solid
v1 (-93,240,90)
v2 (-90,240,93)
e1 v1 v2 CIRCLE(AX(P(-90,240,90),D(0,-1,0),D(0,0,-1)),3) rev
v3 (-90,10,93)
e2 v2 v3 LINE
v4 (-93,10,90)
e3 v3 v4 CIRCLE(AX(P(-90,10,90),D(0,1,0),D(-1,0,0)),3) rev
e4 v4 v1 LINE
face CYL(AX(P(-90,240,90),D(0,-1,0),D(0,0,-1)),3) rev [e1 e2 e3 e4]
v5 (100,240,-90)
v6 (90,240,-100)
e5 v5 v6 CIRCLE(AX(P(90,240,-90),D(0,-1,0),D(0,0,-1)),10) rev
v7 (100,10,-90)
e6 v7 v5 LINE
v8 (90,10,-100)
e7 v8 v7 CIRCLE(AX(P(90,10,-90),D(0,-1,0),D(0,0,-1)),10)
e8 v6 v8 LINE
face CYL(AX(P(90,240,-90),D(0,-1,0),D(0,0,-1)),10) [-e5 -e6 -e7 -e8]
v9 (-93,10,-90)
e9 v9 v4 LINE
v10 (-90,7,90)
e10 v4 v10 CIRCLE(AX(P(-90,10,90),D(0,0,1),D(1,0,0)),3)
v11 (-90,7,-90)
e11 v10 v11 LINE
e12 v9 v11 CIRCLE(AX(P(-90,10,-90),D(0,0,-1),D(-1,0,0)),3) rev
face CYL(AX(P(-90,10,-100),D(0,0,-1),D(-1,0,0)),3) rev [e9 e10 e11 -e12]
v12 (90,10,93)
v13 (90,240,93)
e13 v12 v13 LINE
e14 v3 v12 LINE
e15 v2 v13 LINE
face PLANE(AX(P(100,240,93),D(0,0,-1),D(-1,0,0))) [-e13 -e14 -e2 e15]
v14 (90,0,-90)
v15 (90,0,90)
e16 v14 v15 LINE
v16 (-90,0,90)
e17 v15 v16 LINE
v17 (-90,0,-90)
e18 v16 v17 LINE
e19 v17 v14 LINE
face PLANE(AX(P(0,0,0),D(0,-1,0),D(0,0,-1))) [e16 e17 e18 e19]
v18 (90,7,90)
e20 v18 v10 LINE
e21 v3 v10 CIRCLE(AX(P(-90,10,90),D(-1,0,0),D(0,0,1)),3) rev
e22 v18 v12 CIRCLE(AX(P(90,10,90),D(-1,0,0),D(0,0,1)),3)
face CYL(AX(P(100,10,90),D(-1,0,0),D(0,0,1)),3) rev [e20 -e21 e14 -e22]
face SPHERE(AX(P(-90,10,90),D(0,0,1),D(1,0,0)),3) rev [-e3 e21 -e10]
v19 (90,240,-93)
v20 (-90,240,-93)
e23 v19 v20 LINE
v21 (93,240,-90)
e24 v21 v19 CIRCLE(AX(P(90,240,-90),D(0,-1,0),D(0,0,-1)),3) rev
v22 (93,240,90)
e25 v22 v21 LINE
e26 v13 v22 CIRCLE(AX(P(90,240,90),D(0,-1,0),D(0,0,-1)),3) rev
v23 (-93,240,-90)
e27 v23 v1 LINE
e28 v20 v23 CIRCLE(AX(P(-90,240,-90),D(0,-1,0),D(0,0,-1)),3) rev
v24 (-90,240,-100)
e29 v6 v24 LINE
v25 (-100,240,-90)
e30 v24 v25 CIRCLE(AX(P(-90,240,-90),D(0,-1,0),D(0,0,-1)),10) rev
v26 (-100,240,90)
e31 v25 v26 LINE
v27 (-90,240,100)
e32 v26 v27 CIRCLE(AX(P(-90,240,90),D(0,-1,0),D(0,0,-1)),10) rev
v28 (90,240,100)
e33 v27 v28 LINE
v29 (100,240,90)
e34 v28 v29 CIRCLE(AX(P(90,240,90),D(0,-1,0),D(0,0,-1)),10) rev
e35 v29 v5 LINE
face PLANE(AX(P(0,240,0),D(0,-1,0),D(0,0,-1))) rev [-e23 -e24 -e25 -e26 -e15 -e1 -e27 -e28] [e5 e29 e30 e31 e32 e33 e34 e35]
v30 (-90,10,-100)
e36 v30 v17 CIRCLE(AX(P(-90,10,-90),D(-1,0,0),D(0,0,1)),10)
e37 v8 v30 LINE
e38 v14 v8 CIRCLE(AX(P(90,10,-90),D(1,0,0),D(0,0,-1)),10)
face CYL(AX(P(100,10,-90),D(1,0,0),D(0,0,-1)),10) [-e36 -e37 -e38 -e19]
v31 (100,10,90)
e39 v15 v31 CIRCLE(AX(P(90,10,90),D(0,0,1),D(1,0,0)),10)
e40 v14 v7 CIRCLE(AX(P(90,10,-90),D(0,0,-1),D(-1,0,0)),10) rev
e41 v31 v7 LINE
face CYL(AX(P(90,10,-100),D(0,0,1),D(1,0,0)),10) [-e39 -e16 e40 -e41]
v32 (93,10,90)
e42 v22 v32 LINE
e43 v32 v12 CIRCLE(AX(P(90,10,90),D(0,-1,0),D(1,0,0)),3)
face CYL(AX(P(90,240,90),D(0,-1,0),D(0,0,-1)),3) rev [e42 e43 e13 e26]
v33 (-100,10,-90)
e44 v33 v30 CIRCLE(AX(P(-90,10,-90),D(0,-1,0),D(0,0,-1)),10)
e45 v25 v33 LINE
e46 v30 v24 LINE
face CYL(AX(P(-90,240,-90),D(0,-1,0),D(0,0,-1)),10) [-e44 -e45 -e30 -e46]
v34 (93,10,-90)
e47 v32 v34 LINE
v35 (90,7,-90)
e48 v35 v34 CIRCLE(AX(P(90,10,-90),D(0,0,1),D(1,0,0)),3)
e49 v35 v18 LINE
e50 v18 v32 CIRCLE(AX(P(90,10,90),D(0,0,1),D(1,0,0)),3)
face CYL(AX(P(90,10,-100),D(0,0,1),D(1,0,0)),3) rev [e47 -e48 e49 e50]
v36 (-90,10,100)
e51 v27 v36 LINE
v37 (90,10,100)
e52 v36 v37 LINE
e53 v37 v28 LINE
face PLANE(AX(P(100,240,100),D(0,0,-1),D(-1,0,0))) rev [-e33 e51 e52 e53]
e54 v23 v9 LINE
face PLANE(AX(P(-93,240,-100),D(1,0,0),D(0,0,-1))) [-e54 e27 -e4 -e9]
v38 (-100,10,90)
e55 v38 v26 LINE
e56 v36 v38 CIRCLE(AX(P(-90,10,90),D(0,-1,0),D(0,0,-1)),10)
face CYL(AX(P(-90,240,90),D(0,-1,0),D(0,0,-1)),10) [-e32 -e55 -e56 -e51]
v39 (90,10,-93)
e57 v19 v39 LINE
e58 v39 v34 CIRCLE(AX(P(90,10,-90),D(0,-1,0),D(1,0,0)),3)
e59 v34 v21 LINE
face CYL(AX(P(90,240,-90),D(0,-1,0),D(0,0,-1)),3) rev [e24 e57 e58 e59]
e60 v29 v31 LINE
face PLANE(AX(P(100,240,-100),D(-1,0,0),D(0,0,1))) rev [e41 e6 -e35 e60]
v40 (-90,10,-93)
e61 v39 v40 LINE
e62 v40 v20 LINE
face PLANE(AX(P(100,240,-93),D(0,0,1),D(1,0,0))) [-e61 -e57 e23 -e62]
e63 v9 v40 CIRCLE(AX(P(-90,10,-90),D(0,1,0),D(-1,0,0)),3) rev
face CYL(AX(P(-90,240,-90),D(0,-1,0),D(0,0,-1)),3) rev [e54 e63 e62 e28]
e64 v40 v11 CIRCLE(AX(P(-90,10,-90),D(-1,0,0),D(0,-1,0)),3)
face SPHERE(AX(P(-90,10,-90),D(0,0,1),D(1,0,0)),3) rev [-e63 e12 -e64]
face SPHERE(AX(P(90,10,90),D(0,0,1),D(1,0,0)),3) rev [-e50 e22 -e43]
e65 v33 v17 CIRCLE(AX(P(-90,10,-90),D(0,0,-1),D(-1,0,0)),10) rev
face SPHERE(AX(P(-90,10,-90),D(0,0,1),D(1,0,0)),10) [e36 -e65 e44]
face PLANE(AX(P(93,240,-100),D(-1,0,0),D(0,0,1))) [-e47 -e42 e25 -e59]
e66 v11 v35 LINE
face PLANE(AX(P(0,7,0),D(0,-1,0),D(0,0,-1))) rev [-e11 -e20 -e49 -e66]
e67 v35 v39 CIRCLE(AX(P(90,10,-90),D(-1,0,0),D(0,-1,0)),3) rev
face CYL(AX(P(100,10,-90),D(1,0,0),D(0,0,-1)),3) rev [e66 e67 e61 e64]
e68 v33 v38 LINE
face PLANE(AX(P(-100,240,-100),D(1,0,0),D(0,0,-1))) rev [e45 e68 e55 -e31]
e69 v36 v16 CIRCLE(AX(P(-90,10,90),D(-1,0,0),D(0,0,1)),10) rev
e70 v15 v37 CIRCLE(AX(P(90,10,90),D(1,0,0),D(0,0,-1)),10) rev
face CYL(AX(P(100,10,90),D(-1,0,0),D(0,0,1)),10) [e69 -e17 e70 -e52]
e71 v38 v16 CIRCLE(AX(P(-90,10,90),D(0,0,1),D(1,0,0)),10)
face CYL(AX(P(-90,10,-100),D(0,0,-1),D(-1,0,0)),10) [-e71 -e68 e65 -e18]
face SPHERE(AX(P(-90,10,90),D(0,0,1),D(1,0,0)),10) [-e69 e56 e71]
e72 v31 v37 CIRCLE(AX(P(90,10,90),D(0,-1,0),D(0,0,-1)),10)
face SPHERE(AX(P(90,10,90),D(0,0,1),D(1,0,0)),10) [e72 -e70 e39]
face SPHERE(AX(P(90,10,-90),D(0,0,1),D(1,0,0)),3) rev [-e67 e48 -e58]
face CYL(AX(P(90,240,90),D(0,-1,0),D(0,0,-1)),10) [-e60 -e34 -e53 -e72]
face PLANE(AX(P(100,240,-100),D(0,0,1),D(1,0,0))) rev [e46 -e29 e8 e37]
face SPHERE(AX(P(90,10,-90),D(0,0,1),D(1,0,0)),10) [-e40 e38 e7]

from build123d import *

# Parameters (mm, degrees)
SKETCH1_W           = 200
SKETCH1_H           = 200
BOSS_EXTRUDE1_DEPTH = 240
FILLET1_R           = 10
SHELL1_T            = -7


with BuildPart() as part:
    # Sketch1 → Boss-Extrude1 (new body)
    with BuildSketch(Plane(origin=(0, 0, 0), x_dir=(1, 0, 0), z_dir=(0, 1, 0))):
        Rectangle(SKETCH1_W, SKETCH1_H)
    extrude(amount=BOSS_EXTRUDE1_DEPTH)

    # Fillet1
    fillet1_edges = [part.edges().sort_by_distance(p)[0] for p in [
        (0, 0, -100),
        (100, 0, 0),
        (0, 0, 100),
        (-100, 0, 0),
        (-100, 120, -100),
        (100, 120, -100),
        (100, 120, 100),
        (-100, 120, 100),
    ]]
    fillet(fillet1_edges, radius=FILLET1_R)

    # Shell1
    shell1_openings = [part.faces().sort_by_distance(p)[0] for p in [
        (0, 240, 0),
    ]]
    offset(amount=SHELL1_T, openings=shell1_openings, kind=Kind.INTERSECTION)


solid = part.part
